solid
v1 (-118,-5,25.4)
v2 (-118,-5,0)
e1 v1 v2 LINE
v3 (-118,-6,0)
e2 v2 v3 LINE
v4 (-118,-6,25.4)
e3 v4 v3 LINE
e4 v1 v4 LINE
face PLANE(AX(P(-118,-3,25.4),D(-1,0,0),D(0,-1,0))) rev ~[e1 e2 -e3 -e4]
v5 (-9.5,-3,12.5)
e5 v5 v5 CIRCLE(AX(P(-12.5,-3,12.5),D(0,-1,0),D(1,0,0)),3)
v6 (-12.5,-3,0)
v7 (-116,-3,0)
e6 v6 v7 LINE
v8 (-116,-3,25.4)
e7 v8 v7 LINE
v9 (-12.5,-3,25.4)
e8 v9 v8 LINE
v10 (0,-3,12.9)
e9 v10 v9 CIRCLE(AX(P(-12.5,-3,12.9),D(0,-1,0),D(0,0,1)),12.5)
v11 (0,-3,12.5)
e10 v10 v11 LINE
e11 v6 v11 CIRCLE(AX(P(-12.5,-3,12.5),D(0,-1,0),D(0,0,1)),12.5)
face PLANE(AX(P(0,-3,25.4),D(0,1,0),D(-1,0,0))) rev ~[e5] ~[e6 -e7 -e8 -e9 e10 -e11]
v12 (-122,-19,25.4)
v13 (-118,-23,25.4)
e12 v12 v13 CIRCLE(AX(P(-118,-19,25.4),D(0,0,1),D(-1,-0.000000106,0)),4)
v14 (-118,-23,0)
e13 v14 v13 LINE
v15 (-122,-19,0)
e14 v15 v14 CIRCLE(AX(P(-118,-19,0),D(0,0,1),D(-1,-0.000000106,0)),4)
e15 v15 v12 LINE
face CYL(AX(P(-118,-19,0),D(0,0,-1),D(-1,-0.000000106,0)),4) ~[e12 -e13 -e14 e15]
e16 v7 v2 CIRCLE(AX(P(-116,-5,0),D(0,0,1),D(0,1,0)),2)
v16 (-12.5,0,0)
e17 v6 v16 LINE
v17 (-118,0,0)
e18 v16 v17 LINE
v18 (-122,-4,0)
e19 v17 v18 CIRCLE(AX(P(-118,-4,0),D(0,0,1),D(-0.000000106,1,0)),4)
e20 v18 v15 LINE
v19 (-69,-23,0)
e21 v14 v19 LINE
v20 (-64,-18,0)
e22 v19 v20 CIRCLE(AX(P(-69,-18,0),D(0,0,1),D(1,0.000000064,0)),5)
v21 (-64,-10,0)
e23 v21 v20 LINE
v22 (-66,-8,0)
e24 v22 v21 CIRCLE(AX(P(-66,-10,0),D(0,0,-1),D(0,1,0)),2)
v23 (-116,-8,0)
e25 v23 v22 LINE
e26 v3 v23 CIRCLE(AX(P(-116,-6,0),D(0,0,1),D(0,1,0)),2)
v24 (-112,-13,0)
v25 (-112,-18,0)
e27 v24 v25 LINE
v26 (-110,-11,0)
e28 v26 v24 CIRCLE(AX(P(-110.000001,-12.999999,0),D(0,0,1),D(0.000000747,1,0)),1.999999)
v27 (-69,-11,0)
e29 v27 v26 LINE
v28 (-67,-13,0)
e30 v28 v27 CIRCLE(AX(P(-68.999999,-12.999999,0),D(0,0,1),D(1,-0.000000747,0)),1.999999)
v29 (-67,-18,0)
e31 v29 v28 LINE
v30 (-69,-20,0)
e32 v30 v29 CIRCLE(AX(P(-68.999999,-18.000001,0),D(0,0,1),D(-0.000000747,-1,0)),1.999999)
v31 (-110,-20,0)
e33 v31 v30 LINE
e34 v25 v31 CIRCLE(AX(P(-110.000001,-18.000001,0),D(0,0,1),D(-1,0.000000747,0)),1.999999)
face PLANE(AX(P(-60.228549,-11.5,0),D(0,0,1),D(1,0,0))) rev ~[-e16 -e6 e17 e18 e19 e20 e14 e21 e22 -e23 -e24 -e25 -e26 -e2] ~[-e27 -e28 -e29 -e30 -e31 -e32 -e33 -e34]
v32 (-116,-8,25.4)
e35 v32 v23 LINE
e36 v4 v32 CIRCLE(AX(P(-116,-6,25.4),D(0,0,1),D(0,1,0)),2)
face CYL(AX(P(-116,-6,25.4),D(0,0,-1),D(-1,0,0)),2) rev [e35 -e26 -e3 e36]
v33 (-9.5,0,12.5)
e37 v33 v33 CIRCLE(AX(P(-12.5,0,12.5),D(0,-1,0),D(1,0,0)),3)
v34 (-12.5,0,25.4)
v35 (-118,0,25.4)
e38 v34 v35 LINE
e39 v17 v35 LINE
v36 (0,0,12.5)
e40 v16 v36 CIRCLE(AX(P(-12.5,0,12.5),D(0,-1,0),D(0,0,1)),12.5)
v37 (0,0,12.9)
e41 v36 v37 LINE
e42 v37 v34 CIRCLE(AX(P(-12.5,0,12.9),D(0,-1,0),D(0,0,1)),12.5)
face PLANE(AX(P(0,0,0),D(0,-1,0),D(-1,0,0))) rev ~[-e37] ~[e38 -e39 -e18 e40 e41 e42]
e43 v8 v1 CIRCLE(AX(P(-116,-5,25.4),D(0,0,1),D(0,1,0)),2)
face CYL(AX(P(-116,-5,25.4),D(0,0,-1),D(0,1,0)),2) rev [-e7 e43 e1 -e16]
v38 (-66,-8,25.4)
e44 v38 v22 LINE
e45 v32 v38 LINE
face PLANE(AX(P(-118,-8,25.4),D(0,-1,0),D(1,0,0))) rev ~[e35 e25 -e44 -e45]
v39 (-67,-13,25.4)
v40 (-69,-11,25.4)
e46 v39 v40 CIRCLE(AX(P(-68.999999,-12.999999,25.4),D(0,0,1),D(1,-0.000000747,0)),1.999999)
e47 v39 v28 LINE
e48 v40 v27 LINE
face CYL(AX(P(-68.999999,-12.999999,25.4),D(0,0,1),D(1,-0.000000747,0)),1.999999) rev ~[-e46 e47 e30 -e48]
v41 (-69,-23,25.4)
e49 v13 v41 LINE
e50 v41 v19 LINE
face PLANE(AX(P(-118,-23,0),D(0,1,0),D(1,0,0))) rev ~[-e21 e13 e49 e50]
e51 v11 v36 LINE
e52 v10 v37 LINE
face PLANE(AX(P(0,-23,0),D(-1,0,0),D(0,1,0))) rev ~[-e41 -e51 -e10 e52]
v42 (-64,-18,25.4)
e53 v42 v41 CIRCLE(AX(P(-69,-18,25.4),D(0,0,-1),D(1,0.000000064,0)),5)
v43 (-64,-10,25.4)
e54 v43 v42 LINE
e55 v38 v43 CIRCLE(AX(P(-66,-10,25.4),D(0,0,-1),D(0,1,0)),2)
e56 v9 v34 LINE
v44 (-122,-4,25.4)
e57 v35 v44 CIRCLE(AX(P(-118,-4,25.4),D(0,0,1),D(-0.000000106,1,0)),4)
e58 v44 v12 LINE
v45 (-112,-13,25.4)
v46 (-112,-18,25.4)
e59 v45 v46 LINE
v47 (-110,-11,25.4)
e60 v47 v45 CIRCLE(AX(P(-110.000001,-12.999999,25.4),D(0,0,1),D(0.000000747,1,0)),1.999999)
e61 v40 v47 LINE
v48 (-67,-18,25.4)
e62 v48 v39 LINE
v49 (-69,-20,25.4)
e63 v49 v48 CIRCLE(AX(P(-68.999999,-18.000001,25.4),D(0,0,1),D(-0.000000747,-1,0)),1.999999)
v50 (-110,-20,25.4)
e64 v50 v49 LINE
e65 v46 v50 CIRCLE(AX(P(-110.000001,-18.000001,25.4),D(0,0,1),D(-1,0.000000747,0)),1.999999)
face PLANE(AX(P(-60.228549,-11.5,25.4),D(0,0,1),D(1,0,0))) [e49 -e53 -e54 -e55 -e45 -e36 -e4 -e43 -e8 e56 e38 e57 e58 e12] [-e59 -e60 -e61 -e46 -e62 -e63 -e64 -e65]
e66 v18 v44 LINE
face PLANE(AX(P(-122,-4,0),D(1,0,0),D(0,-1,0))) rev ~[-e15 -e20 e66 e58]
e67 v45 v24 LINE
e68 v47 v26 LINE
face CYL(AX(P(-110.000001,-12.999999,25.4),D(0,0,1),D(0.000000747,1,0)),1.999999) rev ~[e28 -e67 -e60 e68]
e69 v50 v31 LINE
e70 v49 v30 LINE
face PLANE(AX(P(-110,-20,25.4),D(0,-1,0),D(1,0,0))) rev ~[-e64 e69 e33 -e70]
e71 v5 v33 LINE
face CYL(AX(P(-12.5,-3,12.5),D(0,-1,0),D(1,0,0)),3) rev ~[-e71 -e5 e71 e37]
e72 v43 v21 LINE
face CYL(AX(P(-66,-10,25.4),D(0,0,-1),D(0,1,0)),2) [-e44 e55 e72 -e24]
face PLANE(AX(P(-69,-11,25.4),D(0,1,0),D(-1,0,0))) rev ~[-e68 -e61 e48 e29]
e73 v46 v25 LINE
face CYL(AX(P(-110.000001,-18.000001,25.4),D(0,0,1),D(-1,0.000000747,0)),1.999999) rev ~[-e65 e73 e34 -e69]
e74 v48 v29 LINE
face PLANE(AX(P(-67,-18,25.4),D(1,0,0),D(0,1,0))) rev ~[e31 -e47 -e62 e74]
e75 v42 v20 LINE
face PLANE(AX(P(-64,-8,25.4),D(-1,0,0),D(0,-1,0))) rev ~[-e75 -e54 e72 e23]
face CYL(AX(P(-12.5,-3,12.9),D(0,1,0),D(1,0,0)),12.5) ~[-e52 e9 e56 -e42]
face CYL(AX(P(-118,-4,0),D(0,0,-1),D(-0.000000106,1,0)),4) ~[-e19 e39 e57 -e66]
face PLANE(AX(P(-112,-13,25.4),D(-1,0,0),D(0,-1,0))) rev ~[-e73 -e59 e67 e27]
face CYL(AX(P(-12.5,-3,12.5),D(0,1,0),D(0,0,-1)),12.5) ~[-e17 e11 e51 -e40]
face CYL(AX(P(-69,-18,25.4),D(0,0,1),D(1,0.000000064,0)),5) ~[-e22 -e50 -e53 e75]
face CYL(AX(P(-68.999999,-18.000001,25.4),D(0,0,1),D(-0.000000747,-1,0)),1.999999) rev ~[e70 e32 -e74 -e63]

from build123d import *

# Parameters (mm, degrees)
F1_DEPTH = 25.4
F3_DEPTH = 25.401
F5_DEPTH = 25.401
F6_R     = 2
F7_R     = 12.5
F8_R     = 3
F9_DEPTH = 3.001


with BuildPart() as f1:
    # F0 (on Top) → F1 (new body)
    with BuildSketch(Plane.XY):
        with BuildLine():
            Line((0, -23), (0, 0))
            Line((0, 0), (-118, 0))
            ThreePointArc((-118, 0), (-120.828427, -1.171573), (-122, -4))
            Line((-122, -4), (-122, -19))
            ThreePointArc((-122, -19), (-120.828427, -21.828427), (-118, -23))
            Line((-118, -23), (0, -23))
        make_face()
    extrude(amount=F1_DEPTH)

    # F2 (on face) → F3 (cut, through all)
    with BuildSketch(Plane.XY.offset(25.4)):
        with BuildLine():
            Line((-69, -11), (-110, -11))
            ThreePointArc((-110, -11), (-111.414214, -11.585786), (-112, -13))
            Line((-112, -13), (-112, -18))
            ThreePointArc((-112, -18), (-111.414214, -19.414214), (-110, -20))
            Line((-110, -20), (-69, -20))
            ThreePointArc((-69, -20), (-67.585786, -19.414214), (-67, -18))
            Line((-67, -18), (-67, -13))
            ThreePointArc((-67, -13), (-67.585786, -11.585786), (-69, -11))
        make_face()
    extrude(amount=-F3_DEPTH, mode=Mode.SUBTRACT)

    # F4 (on face) → F5 (cut, through all)
    with BuildSketch(Plane.XY.offset(25.4)):
        with BuildLine():
            Line((-118, -8), (-64, -8))
            Line((-64, -8), (-64, -18))
            ThreePointArc((-64, -18), (-65.464466, -21.535534), (-69, -23))
            Line((-69, -23), (0, -23))
            Line((0, -23), (0, -3))
            Line((0, -3), (-118, -3))
            Line((-118, -3), (-118, -8))
        make_face()
    extrude(amount=-F5_DEPTH, mode=Mode.SUBTRACT)

    # F6
    f6_edges = [f1.edges().sort_by_distance(p)[0] for p in [
        (-118, -3, 12.7),
        (-118, -8, 12.7),
        (-64, -8, 12.7),
    ]]
    fillet(f6_edges, radius=F6_R)

    # F7
    f7_edges = [f1.edges().sort_by_distance(p)[0] for p in [
        (0, -1.5, 25.4),
        (0, -1.5, 0),
    ]]
    fillet(f7_edges, radius=F7_R)

    # F8 (on face) → F9 (cut, through all)
    with BuildSketch(Plane.XZ.offset(3)):
        with Locations((-12.5, 12.5)):
            Circle(F8_R)
    extrude(amount=-F9_DEPTH, mode=Mode.SUBTRACT)


solid = f1.part
